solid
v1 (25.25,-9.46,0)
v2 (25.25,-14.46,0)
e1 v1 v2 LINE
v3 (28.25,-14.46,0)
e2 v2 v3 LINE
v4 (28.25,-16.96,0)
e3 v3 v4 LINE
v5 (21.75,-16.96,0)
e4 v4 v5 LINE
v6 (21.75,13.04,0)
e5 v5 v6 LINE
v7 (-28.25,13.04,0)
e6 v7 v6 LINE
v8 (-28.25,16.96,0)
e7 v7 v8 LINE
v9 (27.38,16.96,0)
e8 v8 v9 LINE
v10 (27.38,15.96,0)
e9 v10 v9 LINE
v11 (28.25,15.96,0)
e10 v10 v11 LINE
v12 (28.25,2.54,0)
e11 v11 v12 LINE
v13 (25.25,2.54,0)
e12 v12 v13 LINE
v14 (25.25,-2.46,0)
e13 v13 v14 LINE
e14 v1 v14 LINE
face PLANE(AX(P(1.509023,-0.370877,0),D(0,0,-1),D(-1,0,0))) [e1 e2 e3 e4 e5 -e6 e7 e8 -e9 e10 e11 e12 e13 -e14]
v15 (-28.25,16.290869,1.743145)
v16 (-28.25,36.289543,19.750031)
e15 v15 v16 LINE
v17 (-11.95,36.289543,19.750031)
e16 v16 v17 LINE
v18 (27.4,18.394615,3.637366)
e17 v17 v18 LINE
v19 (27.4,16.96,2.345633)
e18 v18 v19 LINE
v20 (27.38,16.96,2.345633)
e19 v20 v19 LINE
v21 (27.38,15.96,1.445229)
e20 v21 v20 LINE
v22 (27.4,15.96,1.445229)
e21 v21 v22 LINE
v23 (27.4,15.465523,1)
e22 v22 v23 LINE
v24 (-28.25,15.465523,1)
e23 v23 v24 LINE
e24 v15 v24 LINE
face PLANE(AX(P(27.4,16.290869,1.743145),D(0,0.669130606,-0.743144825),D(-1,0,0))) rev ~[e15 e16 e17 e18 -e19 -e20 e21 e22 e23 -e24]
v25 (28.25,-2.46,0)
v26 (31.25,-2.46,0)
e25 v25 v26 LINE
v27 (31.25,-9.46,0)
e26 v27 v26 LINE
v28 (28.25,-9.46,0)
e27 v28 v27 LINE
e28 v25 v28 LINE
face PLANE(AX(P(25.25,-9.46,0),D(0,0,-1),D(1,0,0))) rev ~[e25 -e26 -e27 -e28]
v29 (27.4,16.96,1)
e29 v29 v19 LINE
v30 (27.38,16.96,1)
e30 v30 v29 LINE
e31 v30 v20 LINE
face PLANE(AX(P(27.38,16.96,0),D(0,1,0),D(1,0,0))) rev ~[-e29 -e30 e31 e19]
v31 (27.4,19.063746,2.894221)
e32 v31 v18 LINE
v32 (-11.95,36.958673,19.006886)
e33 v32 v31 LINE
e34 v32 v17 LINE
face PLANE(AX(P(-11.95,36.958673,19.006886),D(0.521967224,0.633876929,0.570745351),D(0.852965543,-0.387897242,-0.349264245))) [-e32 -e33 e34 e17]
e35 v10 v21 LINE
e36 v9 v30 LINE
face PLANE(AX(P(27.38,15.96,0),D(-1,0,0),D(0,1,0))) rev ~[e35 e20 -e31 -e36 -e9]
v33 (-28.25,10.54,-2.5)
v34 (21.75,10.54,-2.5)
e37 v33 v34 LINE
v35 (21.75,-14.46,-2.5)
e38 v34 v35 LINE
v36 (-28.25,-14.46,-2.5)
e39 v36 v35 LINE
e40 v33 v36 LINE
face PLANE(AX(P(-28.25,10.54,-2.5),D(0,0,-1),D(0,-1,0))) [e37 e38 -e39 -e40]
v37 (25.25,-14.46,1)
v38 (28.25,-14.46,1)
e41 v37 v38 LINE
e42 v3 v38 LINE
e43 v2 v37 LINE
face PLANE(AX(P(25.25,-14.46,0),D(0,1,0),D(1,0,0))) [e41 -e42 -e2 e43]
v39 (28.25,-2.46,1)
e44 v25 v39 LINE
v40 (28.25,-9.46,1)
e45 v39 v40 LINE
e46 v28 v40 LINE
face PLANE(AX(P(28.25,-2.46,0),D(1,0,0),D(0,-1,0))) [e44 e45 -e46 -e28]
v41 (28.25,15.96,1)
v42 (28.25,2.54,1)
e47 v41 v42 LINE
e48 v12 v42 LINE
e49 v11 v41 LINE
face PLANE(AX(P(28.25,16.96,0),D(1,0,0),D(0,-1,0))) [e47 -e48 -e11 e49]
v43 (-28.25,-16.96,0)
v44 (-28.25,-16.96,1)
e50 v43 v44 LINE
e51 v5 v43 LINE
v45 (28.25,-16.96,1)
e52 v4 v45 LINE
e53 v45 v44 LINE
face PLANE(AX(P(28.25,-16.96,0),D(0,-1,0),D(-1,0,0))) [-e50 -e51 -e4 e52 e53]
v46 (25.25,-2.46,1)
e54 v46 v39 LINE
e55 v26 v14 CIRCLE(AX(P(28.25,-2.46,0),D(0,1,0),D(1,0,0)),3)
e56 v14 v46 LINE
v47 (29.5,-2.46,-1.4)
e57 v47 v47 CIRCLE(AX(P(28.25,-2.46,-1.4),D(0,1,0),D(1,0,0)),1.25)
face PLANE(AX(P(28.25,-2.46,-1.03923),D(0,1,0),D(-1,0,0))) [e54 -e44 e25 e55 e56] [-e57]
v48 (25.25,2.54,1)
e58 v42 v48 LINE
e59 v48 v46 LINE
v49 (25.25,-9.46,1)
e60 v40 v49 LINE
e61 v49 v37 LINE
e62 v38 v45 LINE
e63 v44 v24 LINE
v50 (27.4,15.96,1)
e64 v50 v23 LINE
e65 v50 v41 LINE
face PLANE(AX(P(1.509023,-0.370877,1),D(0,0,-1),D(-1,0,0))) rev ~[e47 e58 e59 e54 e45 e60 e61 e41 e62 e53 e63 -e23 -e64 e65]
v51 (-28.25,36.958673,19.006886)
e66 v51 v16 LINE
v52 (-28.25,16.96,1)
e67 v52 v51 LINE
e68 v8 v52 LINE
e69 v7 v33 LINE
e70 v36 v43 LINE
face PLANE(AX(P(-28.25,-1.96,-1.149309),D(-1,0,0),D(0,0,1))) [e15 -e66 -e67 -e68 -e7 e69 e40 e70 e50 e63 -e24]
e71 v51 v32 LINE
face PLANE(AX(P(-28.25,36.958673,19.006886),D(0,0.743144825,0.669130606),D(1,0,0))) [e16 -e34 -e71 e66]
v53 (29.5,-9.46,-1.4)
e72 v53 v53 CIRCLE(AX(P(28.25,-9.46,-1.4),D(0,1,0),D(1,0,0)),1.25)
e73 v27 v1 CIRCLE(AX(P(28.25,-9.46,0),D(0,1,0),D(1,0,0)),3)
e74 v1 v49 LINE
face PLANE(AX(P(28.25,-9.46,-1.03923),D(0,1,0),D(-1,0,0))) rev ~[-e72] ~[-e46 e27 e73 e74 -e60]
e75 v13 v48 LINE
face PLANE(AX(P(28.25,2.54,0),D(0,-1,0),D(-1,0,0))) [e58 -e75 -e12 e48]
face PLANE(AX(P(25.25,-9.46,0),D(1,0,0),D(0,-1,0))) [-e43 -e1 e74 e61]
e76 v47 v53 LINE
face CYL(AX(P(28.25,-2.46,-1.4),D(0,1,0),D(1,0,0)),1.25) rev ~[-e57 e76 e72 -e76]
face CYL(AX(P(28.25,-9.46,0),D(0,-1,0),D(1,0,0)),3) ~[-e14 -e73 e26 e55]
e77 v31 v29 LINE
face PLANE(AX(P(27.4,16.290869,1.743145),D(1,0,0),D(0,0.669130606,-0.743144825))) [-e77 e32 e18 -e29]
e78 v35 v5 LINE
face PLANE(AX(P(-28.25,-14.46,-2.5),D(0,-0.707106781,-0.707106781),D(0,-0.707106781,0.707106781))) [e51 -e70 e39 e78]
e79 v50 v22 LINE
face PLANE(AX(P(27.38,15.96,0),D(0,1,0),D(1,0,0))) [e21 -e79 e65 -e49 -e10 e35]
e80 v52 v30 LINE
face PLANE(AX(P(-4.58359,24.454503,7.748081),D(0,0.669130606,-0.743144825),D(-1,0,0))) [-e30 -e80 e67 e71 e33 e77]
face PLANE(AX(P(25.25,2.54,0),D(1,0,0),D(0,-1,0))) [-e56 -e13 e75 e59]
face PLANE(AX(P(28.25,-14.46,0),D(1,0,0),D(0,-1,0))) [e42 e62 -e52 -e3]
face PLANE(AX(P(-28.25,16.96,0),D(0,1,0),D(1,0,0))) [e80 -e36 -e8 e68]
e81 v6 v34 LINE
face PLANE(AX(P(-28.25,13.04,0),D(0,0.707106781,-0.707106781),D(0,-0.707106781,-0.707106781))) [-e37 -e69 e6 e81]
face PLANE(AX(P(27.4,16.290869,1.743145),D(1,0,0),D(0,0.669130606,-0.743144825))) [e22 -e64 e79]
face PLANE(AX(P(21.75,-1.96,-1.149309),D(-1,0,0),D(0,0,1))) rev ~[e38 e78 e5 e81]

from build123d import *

# Parameters (mm, degrees)
BOSS_EXTRUDE1_DEPTH = 1
BOSS_EXTRUDE3_DEPTH = 50
BOSS_EXTRUDE6_DEPTH = 7
SKETCH8_R           = 1.25
CUT_EXTRUDE3_DEPTH  = 7
BOSS_EXTRUDE4_DEPTH = 1
SKETCH6_W           = 55.65
SKETCH6_H           = 1
BOSS_EXTRUDE5_DEPTH = 1.110613
SKETCH7_W           = 0.87
SKETCH7_H           = 1
CUT_EXTRUDE2_DEPTH  = 2.345633


with BuildPart() as part:
    # Sketch1 → Boss-Extrude1 (new body)
    with BuildSketch(Plane.XY):
        Polygon((-28.25, -16.96), (-28.25, 16.96), (28.25, 16.96), (28.25, 2.54), (25.25, 2.54), (25.25, -2.46), (28.25, -2.46), (28.25, -9.46), (25.25, -9.46), (25.25, -14.46), (28.25, -14.46), (28.25, -16.96), align=None)
    extrude(amount=BOSS_EXTRUDE1_DEPTH)

    # Sketch4 → Boss-Extrude3 (add)
    with BuildSketch(Plane.ZY.offset(28.25)):
        Polygon((0, 13.04), (-2.5, 10.54), (-2.5, -14.46), (0, -16.96), align=None)
    extrude(amount=-BOSS_EXTRUDE3_DEPTH)

    # Sketch2 → Boss-Extrude6 (add)
    with BuildSketch(Plane.XZ.offset(9.46)):
        with BuildLine():
            Line((25.25, 0), (28.25, 0))
            Line((28.25, 0), (31.25, 0))
            ThreePointArc((31.25, 0), (28.25, -3), (25.25, 0))
        make_face()
    extrude(amount=-BOSS_EXTRUDE6_DEPTH)

    # Sketch8 → Cut-Extrude3 (cut)
    with BuildSketch(Plane(origin=(0, -2.46, 0), x_dir=(1, 0, 0), z_dir=(0, 1, 0))):
        with Locations((28.25, 1.4)):
            Circle(SKETCH8_R)
    extrude(amount=-CUT_EXTRUDE3_DEPTH, mode=Mode.SUBTRACT)



with BuildPart() as body_2:
    # Sketch5 → Boss-Extrude4 (new body)
    with BuildSketch(Plane(origin=(0, 7.096337684, -7.881281441), x_dir=(-1, 0, 0), z_dir=(0, 0.669130606, -0.743144825))):
        Polygon((28.25, 13.272866846), (28.25, 40.18373624), (11.95, 40.18373624), (-27.4, 16.10373624), (-27.4, 13.272866846), align=None)
    extrude(amount=-BOSS_EXTRUDE4_DEPTH)


with BuildPart() as part_1:
    add(part.part)

    add(body_2.part)  # Boss-Extrude5 merges body 2
    # Sketch6 → Boss-Extrude5 (add)
    with BuildSketch(Plane(origin=(0, 9.863662316, 8.881281441), x_dir=(-1, 0, 0), z_dir=(0, -0.743144825, -0.669130606))):
        with Locations((0.425, 10.105310258)):
            Rectangle(SKETCH6_W, SKETCH6_H)
    extrude(amount=BOSS_EXTRUDE5_DEPTH)

    # Sketch7 → Cut-Extrude2 (cut)
    with BuildSketch(Plane.XY):
        with Locations((27.815, 16.46)):
            Rectangle(SKETCH7_W, SKETCH7_H)
    extrude(amount=CUT_EXTRUDE2_DEPTH, mode=Mode.SUBTRACT)


solid = part_1.part
